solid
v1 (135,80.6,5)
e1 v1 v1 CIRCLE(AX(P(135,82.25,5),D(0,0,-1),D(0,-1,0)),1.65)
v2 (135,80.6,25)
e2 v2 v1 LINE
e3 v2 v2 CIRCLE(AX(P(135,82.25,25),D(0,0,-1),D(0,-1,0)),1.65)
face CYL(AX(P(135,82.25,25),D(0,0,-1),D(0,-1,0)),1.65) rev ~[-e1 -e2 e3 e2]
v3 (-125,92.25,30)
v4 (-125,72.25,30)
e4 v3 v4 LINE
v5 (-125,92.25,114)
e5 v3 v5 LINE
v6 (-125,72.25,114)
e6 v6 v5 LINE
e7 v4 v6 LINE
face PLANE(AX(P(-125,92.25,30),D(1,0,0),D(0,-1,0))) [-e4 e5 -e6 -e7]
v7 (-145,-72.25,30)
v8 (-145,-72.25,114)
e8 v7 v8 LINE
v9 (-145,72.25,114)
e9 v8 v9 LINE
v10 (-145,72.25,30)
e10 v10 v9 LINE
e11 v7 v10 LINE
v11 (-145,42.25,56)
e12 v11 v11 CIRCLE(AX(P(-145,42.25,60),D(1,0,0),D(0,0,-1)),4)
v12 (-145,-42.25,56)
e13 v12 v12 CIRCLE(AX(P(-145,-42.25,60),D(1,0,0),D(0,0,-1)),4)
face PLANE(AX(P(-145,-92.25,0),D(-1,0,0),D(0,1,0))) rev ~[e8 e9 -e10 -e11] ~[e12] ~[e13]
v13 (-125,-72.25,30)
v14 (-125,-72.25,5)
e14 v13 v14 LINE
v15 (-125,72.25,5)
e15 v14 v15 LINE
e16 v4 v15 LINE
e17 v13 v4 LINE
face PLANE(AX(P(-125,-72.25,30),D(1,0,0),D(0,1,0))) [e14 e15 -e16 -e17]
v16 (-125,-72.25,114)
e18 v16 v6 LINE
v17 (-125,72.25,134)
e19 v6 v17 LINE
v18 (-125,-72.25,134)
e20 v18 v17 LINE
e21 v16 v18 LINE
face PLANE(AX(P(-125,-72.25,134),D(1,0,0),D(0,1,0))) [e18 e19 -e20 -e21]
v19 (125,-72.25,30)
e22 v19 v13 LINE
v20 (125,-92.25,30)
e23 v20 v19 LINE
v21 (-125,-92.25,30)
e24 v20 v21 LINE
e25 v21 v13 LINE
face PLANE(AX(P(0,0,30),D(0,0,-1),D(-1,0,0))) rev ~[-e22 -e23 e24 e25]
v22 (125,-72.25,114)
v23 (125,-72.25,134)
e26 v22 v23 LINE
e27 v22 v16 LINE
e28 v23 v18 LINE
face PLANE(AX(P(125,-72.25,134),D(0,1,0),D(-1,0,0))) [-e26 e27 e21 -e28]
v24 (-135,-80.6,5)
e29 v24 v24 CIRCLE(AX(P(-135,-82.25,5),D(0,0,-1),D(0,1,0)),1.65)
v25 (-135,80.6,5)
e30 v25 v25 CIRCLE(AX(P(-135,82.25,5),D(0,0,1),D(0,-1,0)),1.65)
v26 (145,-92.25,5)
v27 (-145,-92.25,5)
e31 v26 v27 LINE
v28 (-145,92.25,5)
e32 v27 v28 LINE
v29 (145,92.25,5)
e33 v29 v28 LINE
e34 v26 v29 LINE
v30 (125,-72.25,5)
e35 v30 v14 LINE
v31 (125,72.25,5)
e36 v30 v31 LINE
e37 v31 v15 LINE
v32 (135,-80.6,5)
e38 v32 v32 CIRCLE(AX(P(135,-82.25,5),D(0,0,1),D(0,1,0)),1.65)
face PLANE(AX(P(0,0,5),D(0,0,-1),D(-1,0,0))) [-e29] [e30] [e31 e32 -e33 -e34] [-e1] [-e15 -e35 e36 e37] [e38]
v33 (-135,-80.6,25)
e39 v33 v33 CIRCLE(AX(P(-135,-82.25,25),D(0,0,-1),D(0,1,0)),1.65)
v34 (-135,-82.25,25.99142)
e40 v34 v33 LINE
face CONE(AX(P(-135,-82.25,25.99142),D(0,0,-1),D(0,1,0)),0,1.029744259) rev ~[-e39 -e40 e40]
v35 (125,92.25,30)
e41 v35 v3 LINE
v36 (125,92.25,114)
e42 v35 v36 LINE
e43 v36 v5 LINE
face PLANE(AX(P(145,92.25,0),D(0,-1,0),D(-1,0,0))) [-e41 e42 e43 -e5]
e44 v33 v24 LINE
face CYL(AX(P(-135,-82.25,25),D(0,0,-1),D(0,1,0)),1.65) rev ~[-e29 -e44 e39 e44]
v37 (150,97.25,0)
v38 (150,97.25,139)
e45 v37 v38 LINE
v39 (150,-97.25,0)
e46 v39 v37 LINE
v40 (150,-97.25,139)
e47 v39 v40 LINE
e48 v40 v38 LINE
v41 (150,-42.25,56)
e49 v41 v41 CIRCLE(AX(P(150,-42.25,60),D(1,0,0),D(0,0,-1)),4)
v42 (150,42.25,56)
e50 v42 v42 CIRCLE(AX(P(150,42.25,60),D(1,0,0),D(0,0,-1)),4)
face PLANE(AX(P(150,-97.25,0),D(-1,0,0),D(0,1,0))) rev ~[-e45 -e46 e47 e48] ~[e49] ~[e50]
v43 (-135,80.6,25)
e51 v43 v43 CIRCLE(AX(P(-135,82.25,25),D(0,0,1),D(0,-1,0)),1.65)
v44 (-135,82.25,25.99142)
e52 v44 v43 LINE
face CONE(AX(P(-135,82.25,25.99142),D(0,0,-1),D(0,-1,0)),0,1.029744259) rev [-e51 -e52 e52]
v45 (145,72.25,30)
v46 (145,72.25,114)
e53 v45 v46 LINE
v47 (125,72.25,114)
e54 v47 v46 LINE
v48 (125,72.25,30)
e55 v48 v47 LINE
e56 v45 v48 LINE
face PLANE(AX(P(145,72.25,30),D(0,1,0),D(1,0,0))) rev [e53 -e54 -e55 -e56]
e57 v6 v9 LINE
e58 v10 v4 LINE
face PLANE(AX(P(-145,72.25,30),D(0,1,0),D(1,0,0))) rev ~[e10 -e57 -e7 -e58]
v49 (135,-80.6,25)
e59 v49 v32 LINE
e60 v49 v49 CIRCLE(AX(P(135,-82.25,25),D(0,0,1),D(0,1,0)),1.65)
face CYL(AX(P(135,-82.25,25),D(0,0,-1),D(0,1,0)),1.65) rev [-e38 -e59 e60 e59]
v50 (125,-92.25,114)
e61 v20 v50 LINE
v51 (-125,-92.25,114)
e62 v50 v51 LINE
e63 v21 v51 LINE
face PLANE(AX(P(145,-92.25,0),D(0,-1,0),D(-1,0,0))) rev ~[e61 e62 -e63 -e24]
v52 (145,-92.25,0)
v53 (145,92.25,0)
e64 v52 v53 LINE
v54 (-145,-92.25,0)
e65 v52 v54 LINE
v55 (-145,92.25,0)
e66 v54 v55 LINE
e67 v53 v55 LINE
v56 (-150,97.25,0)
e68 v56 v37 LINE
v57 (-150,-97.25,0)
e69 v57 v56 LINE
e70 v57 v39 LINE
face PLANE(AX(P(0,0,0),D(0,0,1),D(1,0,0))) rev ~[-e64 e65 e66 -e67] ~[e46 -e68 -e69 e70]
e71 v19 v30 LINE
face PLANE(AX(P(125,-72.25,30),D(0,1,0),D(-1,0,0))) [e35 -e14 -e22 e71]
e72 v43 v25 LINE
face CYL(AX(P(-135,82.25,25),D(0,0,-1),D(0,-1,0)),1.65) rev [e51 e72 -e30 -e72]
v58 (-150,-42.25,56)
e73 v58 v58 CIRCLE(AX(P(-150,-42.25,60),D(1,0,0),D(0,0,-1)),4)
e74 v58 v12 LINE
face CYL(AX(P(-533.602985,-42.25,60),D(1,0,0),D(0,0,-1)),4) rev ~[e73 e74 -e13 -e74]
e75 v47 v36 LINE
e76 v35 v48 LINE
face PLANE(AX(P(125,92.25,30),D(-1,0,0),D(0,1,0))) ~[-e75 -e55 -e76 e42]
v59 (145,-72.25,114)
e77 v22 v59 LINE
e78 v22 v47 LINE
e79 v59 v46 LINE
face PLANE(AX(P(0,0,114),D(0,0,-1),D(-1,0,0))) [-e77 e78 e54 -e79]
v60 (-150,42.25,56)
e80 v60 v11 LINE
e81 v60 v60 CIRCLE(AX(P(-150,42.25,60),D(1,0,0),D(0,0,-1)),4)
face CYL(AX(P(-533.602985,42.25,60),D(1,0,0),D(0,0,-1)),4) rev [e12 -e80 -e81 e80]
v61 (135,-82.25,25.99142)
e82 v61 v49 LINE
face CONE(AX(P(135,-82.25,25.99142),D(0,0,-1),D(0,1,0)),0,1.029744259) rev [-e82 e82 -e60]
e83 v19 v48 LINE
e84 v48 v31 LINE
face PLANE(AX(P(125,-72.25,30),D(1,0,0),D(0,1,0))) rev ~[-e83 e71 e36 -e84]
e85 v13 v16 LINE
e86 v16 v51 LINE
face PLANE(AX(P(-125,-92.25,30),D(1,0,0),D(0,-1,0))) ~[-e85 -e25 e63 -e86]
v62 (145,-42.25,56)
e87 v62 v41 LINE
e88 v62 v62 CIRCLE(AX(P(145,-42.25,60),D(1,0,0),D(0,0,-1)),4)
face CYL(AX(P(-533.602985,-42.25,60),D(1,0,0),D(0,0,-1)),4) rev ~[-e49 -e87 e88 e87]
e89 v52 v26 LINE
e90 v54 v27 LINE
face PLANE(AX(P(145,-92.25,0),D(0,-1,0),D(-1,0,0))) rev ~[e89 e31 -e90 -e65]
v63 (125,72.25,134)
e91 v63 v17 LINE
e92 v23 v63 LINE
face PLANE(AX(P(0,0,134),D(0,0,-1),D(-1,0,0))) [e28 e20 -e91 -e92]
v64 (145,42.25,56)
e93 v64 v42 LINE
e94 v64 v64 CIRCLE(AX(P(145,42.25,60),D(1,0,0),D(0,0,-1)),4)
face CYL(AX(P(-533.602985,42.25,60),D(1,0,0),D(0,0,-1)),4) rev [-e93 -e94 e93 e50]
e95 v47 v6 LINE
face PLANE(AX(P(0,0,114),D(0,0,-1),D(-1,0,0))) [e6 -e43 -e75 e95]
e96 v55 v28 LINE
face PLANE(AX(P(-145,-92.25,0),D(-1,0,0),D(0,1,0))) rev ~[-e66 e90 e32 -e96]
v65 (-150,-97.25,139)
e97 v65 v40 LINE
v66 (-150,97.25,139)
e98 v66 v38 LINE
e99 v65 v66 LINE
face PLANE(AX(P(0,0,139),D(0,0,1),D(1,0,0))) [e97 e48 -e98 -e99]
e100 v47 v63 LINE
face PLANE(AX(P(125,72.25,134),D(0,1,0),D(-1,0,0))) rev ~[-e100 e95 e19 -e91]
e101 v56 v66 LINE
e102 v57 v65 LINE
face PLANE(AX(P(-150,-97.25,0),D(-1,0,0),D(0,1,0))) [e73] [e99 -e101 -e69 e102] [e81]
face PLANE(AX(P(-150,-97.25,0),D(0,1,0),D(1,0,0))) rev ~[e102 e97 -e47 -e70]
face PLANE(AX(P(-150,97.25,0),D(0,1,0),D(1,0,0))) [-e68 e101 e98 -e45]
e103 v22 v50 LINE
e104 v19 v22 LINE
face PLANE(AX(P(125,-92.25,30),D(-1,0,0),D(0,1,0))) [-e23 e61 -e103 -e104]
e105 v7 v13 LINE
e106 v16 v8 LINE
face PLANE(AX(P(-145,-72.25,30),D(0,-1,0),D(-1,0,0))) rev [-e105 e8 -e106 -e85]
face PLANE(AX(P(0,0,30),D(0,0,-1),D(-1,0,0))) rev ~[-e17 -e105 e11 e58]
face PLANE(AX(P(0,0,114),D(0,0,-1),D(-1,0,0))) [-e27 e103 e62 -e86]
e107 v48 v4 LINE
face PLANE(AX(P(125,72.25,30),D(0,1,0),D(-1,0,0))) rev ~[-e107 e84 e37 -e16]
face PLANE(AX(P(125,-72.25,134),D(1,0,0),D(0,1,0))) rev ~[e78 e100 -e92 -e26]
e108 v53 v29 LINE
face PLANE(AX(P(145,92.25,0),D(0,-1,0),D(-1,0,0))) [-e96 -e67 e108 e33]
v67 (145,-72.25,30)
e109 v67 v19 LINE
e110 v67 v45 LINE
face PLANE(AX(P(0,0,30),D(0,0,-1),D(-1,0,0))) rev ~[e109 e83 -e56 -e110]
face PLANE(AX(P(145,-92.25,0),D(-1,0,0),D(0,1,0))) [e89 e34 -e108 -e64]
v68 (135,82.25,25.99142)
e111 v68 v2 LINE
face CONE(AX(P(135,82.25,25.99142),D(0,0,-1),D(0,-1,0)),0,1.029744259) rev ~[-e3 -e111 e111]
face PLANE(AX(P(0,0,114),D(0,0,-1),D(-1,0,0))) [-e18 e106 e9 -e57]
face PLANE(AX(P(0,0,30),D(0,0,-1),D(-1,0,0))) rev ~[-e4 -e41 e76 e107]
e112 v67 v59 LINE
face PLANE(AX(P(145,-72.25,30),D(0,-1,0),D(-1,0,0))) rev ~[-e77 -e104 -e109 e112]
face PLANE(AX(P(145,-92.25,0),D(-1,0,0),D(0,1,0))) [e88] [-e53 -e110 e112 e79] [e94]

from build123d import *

# Parameters (mm, degrees)
SKIZZE1_W                       = 300
SKIZZE1_H                       = 194.5
AUFSATZ_LINEAR_AUSTRAGEN1_DEPTH = 139
SKIZZE2_W                       = 290
SKIZZE2_H                       = 184.5
SCHNITT_LINEAR_AUSTRAGEN1_DEPTH = 134
F_8_0MM_STIFTLOCH1_D            = 8
SKIZZE8_W                       = 290
SKIZZE8_H                       = 184.5
SKIZZE8_W_2                     = 250
SKIZZE8_H_2                     = 144.5
AUFSATZ_LINEAR_AUSTRAGEN2_DEPTH = 25
AUFSATZ_LINEAR_AUSTRAGEN3_REACH = 211.377
SKIZZE9_W                       = 20
SKIZZE9_H                       = 20
SPIEGELN5_COPY_1_REACH          = 211.377
SPIEGELN5_COPY_1_SKETCH_W       = 20
SPIEGELN5_COPY_1_SKETCH_H       = 20
SKIZZE16_W                      = 290
SKIZZE16_H                      = 184.5
SKIZZE16_W_2                    = 250
SKIZZE16_H_2                    = 144.5
AUFSATZ_LINEAR_AUSTRAGEN4_DEPTH = 20


with BuildPart() as part:
    # Skizze1 → Aufsatz-Linear austragen1 (new body)
    with BuildSketch(Plane.XY):
        Rectangle(SKIZZE1_W, SKIZZE1_H)
    extrude(amount=AUFSATZ_LINEAR_AUSTRAGEN1_DEPTH)

    # Skizze2 → Schnitt-Linear austragen1 (cut)
    with BuildSketch(Plane(origin=(0, 0, 0), x_dir=(-1, 0, 0), z_dir=(0, 0, -1))):
        Rectangle(SKIZZE2_W, SKIZZE2_H)
    extrude(amount=-SCHNITT_LINEAR_AUSTRAGEN1_DEPTH, mode=Mode.SUBTRACT)

    # Ø8.0mm Stiftloch1 (through all)
    with Locations(Plane.ZY.offset(150)):
        with Locations((60, -42.25)):
            f_8_0mm_stiftloch1 = Hole(F_8_0MM_STIFTLOCH1_D / 2)

    # Spiegeln1: Ø8.0mm Stiftloch1 across plane
    add(f_8_0mm_stiftloch1.mirror(Plane.ZX), mode=Mode.SUBTRACT)

    # Skizze8 → Aufsatz-Linear austragen2 (add)
    with BuildSketch(Plane(origin=(0, 0, 30), x_dir=(-1, 0, 0), z_dir=(0, 0, -1))):
        Rectangle(SKIZZE8_W, SKIZZE8_H)
        Rectangle(SKIZZE8_W_2, SKIZZE8_H_2, mode=Mode.SUBTRACT)
    extrude(amount=AUFSATZ_LINEAR_AUSTRAGEN2_DEPTH)

    # Skizze9 → Aufsatz-Linear austragen3 (add, up to next)
    with BuildSketch(Plane(origin=(0, 0, 30), x_dir=(-1, 0, 0), z_dir=(0, 0, -1)), mode=Mode.PRIVATE) as aufsatz_linear_austragen3_sk1:
        with Locations((-135, -82.25)):
            Rectangle(SKIZZE9_W, SKIZZE9_H)
    aufsatz_linear_austragen3_tool1 = extrude(aufsatz_linear_austragen3_sk1.sketch, amount=-AUFSATZ_LINEAR_AUSTRAGEN3_REACH, mode=Mode.PRIVATE) - part.part
    aufsatz_linear_austragen3 = aufsatz_linear_austragen3_tool1.solids().sort_by_distance((135, -82.25, 30))[0]
    add(aufsatz_linear_austragen3)

    # Skizze15 → Kernloch für M4x0.71 (revolve, cut)
    with BuildSketch(Plane(origin=(135, -82.25, 5), x_dir=(0, 1, 0), z_dir=(1, 0, 0))):
        Polygon((0, 0), (0, 20.991420021), (1.65, 20), (1.65, 0), align=None)
    kernloch_f_r_m4x0_71 = revolve(axis=Axis((135, -82.25, -1.35), (0, 0, 1)), mode=Mode.SUBTRACT)

    # Spiegeln4: Aufsatz-Linear austragen3, Kernloch für M4x0.71 across plane
    add(aufsatz_linear_austragen3.mirror(Plane.ZX))
    add(kernloch_f_r_m4x0_71.mirror(Plane.ZX), mode=Mode.SUBTRACT)

    # Spiegeln5: Aufsatz-Linear austragen3, Kernloch für M4x0.71 across plane
    add(aufsatz_linear_austragen3.mirror(Plane(origin=(0, 0, 0), x_dir=(0, 0, 1), z_dir=(1, 0, 0))))
    add(kernloch_f_r_m4x0_71.mirror(Plane(origin=(0, 0, 0), x_dir=(0, 0, 1), z_dir=(1, 0, 0))), mode=Mode.SUBTRACT)

    # Spiegeln5 copy 1 sketch → Spiegeln5 copy 1 (add, up to next)
    with BuildSketch(Plane(origin=(0, 0, 30), x_dir=(1, 0, 0), z_dir=(0, 0, -1)), mode=Mode.PRIVATE) as spiegeln5_copy_1_sk1:
        with Locations((-135, -82.25)):
            Rectangle(SPIEGELN5_COPY_1_SKETCH_W, SPIEGELN5_COPY_1_SKETCH_H)
    spiegeln5_copy_1_tool1 = extrude(spiegeln5_copy_1_sk1.sketch, amount=-SPIEGELN5_COPY_1_REACH, mode=Mode.PRIVATE) - part.part
    add(spiegeln5_copy_1_tool1.solids().sort_by_distance((-135, 82.25, 30))[0])

    # Spiegeln5 copy 2 sketch → Spiegeln5 copy 2 (revolve, cut)
    with BuildSketch(Plane(origin=(-135, 82.25, 5), x_dir=(0, -1, 0), z_dir=(-1, 0, 0))):
        Polygon((0, 0), (0, 20.991420021), (1.65, 20), (1.65, 0), align=None)
    revolve(axis=Axis((-135, 82.25, -1.35), (0, 0, 1)), mode=Mode.SUBTRACT)

    # Skizze16 → Aufsatz-Linear austragen4 (add)
    with BuildSketch(Plane(origin=(0, 0, 134), x_dir=(-1, 0, 0), z_dir=(0, 0, -1))):
        Rectangle(SKIZZE16_W, SKIZZE16_H)
        Rectangle(SKIZZE16_W_2, SKIZZE16_H_2, mode=Mode.SUBTRACT)
    extrude(amount=AUFSATZ_LINEAR_AUSTRAGEN4_DEPTH)


solid = part.part
